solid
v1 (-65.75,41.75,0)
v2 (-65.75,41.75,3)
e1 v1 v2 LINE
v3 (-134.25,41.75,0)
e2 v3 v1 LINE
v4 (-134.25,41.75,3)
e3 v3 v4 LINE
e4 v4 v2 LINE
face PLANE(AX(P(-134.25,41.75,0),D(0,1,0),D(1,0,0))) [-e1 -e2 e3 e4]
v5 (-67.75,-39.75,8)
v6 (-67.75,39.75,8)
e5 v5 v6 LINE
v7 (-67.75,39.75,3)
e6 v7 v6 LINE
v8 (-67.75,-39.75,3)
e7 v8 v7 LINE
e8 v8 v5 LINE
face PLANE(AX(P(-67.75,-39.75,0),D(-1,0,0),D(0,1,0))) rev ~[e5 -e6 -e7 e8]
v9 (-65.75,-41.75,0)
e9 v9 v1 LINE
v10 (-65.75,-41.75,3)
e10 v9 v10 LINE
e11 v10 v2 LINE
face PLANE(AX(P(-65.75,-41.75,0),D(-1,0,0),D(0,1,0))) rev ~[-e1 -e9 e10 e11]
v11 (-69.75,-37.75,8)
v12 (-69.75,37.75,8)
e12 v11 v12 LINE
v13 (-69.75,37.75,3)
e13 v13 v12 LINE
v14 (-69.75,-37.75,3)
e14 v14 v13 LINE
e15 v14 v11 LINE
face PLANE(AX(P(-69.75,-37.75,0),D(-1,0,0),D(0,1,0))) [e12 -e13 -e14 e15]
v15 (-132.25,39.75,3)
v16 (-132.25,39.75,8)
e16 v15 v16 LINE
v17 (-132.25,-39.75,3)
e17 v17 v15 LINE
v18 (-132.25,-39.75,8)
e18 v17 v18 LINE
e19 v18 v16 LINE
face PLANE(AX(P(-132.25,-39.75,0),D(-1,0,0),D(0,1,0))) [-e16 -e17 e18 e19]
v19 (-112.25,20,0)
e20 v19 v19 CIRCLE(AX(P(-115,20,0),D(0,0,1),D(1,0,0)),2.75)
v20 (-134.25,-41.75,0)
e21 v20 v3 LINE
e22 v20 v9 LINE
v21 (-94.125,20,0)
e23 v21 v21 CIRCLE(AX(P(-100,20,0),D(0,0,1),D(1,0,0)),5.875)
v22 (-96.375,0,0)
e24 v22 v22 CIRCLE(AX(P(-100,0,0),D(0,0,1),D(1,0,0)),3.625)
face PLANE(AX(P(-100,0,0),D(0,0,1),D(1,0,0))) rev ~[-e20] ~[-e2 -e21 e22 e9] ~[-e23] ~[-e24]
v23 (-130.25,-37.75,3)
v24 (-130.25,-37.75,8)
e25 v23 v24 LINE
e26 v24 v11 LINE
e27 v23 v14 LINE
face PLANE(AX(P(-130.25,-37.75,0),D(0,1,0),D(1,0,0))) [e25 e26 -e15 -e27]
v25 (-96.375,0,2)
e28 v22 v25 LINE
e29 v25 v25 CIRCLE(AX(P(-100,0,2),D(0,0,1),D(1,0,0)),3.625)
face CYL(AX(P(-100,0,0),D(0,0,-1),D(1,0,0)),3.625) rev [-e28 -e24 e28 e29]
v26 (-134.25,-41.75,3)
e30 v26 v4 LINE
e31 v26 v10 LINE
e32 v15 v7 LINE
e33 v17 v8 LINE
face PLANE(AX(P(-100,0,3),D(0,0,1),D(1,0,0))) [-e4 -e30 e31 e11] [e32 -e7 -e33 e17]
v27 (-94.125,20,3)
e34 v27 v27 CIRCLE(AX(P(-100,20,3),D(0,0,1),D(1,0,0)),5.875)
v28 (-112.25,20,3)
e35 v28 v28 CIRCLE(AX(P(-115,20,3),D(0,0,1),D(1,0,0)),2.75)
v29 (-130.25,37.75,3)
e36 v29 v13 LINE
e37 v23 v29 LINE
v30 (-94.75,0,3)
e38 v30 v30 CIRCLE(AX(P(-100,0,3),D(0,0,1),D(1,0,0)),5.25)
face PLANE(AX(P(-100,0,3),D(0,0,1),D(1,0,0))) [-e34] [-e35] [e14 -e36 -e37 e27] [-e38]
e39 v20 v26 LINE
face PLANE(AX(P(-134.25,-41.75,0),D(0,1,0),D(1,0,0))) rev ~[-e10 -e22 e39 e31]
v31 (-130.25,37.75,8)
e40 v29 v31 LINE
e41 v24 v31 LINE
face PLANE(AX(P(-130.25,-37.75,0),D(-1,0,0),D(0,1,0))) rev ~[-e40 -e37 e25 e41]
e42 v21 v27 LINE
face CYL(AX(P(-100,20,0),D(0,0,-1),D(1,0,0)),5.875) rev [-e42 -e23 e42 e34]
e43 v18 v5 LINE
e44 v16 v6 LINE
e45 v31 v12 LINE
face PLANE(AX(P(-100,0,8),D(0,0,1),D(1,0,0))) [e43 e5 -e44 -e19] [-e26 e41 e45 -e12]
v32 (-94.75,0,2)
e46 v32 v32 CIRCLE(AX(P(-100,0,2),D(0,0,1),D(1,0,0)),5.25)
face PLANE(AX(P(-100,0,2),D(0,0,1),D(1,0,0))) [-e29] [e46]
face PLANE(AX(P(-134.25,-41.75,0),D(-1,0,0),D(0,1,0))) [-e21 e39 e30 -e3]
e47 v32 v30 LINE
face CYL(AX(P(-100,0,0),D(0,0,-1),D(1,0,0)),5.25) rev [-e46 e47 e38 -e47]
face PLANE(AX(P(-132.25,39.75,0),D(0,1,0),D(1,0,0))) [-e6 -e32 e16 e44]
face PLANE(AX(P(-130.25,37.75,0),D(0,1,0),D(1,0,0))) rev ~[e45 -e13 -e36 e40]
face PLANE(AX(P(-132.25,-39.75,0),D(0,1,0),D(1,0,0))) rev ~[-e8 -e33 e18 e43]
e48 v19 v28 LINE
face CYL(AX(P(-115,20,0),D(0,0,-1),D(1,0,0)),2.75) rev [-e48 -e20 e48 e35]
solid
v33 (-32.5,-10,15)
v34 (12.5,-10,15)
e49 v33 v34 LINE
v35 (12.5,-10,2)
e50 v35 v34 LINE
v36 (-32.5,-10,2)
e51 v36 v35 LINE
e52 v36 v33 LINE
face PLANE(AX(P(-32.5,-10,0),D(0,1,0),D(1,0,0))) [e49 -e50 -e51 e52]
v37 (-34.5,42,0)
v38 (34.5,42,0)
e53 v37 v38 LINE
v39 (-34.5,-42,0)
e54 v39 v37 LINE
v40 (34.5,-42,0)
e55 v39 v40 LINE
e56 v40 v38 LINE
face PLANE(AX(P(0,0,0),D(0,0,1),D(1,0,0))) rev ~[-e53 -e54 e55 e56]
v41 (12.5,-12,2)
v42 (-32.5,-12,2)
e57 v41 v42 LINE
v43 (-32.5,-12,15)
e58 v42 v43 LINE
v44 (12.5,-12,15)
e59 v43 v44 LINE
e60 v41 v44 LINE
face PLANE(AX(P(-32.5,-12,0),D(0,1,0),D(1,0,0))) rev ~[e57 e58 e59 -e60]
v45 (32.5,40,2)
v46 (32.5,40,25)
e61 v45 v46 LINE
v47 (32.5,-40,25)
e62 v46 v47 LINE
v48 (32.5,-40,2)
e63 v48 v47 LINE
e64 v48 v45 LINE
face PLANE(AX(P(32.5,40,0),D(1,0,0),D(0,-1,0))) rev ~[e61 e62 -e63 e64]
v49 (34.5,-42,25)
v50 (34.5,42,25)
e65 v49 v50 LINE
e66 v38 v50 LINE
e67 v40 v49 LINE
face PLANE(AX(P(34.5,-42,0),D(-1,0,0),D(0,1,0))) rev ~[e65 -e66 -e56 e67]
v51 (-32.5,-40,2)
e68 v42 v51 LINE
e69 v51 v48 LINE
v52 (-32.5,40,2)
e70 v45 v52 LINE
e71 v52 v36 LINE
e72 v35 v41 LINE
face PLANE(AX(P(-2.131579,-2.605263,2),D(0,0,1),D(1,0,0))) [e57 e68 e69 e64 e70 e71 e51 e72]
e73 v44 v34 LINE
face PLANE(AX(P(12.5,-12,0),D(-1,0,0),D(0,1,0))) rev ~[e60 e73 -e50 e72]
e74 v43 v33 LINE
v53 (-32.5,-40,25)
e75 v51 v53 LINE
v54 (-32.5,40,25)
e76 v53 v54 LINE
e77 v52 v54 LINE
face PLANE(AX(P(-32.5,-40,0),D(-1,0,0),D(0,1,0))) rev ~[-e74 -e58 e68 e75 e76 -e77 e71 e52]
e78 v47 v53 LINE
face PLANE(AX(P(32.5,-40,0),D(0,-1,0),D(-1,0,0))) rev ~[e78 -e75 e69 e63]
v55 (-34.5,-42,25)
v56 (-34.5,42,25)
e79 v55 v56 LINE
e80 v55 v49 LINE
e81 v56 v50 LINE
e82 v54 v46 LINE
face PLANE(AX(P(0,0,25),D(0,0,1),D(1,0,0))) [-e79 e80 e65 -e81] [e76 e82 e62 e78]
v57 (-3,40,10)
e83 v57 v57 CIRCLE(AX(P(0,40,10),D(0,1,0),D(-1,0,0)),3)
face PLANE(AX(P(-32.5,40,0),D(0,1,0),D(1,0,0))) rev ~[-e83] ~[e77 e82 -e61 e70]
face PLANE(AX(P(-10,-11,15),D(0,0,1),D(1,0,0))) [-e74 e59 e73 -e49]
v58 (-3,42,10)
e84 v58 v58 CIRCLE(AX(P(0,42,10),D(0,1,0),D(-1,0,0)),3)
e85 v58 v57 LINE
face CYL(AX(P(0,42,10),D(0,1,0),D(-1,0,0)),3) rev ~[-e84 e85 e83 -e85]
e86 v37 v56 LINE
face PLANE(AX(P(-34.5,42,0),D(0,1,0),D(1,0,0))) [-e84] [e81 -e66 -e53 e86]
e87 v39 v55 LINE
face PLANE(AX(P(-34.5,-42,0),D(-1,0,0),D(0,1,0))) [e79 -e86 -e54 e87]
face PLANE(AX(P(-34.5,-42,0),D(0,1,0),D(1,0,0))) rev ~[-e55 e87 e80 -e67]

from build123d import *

# Parameters (mm, degrees)
F1_DEPTH = 2
F0_W     = 69
F0_H     = 84
F2_DEPTH = 25
F0_W_2   = 45
F0_H_2   = 2
F3_DEPTH = 15
F0_W_3   = 60.5
F0_H_3   = 75.5
F0_R     = 5.25
F0_R_2   = 2.75
F0_R_3   = 5.875
F4_DEPTH = 3
F0_W_4   = 68.5
F0_H_4   = 83.5
F0_W_5   = 64.5
F0_H_5   = 79.5
F5_DEPTH = 8
F0_R_4   = 3.625
F6_DEPTH = 2
F7_R     = 3
F8_DEPTH = 2


with BuildPart() as f1:
    # F0 (on Top) → F1 (new body)
    with BuildSketch(Plane.XY):
        Polygon((32.5, 40), (-32.5, 40), (-32.5, -10), (12.5, -10), (12.5, -12), (-32.5, -12), (-32.5, -40), (32.5, -40), align=None)
    extrude(amount=F1_DEPTH)

    # F0 (on Top) → F2 (join)
    with BuildSketch(Plane.XY):
        Rectangle(F0_W, F0_H)
        Polygon((-32.5, -10), (-32.5, 40), (32.5, 40), (32.5, -40), (-32.5, -40), (-32.5, -12), align=None, mode=Mode.SUBTRACT)
    extrude(amount=F2_DEPTH)

    # F0 (on Top) → F3 (join)
    with BuildSketch(Plane.XY):
        with Locations((-10, -11)):
            Rectangle(F0_W_2, F0_H_2)
    extrude(amount=F3_DEPTH)

    # F7 (on face) → F8 (cut, through all)
    with BuildSketch(Plane(origin=(0, 42, 0), x_dir=(-1, 0, 0), z_dir=(0, 1, 0))):
        with Locations((0, 10)):
            Circle(F7_R)
    extrude(amount=-F8_DEPTH, mode=Mode.SUBTRACT)


with BuildPart() as f4:
    # F0 (on Top) → F4 (new body)
    with BuildSketch(Plane.XY):
        with Locations((-100, 0)):
            Rectangle(F0_W_3, F0_H_3)
        with Locations((-100, 0)):
            Circle(F0_R, mode=Mode.SUBTRACT)
        with Locations((-115, 20)):
            Circle(F0_R_2, mode=Mode.SUBTRACT)
        with Locations((-100, 20)):
            Circle(F0_R_3, mode=Mode.SUBTRACT)
    extrude(amount=F4_DEPTH)



with BuildPart() as f4b:
    # F0 (on Top) → F4, piece 2 (new body)
    with BuildSketch(Plane.XY):
        with Locations((-100, 0)):
            Rectangle(F0_W_4, F0_H_4)
        with Locations((-100, 0)):
            Rectangle(F0_W_5, F0_H_5, mode=Mode.SUBTRACT)
    extrude(amount=F4_DEPTH)


with BuildPart() as f4_1:
    add(f4.part)

    add(f4b.part)  # F5 merges F4b
    # F0 (on Top) → F5 (join)
    with BuildSketch(Plane.XY):
        with Locations((-100, 0)):
            Rectangle(F0_W_5, F0_H_5)
        with Locations((-100, 0)):
            Rectangle(F0_W_3, F0_H_3, mode=Mode.SUBTRACT)
    extrude(amount=F5_DEPTH)

    # F0 (on Top) → F6 (join)
    with BuildSketch(Plane.XY):
        with Locations((-100, 0)):
            Circle(F0_R)
        with Locations((-100, 0)):
            Circle(F0_R_4, mode=Mode.SUBTRACT)
    extrude(amount=F6_DEPTH)


solid = Compound([f1.part, f4_1.part])
